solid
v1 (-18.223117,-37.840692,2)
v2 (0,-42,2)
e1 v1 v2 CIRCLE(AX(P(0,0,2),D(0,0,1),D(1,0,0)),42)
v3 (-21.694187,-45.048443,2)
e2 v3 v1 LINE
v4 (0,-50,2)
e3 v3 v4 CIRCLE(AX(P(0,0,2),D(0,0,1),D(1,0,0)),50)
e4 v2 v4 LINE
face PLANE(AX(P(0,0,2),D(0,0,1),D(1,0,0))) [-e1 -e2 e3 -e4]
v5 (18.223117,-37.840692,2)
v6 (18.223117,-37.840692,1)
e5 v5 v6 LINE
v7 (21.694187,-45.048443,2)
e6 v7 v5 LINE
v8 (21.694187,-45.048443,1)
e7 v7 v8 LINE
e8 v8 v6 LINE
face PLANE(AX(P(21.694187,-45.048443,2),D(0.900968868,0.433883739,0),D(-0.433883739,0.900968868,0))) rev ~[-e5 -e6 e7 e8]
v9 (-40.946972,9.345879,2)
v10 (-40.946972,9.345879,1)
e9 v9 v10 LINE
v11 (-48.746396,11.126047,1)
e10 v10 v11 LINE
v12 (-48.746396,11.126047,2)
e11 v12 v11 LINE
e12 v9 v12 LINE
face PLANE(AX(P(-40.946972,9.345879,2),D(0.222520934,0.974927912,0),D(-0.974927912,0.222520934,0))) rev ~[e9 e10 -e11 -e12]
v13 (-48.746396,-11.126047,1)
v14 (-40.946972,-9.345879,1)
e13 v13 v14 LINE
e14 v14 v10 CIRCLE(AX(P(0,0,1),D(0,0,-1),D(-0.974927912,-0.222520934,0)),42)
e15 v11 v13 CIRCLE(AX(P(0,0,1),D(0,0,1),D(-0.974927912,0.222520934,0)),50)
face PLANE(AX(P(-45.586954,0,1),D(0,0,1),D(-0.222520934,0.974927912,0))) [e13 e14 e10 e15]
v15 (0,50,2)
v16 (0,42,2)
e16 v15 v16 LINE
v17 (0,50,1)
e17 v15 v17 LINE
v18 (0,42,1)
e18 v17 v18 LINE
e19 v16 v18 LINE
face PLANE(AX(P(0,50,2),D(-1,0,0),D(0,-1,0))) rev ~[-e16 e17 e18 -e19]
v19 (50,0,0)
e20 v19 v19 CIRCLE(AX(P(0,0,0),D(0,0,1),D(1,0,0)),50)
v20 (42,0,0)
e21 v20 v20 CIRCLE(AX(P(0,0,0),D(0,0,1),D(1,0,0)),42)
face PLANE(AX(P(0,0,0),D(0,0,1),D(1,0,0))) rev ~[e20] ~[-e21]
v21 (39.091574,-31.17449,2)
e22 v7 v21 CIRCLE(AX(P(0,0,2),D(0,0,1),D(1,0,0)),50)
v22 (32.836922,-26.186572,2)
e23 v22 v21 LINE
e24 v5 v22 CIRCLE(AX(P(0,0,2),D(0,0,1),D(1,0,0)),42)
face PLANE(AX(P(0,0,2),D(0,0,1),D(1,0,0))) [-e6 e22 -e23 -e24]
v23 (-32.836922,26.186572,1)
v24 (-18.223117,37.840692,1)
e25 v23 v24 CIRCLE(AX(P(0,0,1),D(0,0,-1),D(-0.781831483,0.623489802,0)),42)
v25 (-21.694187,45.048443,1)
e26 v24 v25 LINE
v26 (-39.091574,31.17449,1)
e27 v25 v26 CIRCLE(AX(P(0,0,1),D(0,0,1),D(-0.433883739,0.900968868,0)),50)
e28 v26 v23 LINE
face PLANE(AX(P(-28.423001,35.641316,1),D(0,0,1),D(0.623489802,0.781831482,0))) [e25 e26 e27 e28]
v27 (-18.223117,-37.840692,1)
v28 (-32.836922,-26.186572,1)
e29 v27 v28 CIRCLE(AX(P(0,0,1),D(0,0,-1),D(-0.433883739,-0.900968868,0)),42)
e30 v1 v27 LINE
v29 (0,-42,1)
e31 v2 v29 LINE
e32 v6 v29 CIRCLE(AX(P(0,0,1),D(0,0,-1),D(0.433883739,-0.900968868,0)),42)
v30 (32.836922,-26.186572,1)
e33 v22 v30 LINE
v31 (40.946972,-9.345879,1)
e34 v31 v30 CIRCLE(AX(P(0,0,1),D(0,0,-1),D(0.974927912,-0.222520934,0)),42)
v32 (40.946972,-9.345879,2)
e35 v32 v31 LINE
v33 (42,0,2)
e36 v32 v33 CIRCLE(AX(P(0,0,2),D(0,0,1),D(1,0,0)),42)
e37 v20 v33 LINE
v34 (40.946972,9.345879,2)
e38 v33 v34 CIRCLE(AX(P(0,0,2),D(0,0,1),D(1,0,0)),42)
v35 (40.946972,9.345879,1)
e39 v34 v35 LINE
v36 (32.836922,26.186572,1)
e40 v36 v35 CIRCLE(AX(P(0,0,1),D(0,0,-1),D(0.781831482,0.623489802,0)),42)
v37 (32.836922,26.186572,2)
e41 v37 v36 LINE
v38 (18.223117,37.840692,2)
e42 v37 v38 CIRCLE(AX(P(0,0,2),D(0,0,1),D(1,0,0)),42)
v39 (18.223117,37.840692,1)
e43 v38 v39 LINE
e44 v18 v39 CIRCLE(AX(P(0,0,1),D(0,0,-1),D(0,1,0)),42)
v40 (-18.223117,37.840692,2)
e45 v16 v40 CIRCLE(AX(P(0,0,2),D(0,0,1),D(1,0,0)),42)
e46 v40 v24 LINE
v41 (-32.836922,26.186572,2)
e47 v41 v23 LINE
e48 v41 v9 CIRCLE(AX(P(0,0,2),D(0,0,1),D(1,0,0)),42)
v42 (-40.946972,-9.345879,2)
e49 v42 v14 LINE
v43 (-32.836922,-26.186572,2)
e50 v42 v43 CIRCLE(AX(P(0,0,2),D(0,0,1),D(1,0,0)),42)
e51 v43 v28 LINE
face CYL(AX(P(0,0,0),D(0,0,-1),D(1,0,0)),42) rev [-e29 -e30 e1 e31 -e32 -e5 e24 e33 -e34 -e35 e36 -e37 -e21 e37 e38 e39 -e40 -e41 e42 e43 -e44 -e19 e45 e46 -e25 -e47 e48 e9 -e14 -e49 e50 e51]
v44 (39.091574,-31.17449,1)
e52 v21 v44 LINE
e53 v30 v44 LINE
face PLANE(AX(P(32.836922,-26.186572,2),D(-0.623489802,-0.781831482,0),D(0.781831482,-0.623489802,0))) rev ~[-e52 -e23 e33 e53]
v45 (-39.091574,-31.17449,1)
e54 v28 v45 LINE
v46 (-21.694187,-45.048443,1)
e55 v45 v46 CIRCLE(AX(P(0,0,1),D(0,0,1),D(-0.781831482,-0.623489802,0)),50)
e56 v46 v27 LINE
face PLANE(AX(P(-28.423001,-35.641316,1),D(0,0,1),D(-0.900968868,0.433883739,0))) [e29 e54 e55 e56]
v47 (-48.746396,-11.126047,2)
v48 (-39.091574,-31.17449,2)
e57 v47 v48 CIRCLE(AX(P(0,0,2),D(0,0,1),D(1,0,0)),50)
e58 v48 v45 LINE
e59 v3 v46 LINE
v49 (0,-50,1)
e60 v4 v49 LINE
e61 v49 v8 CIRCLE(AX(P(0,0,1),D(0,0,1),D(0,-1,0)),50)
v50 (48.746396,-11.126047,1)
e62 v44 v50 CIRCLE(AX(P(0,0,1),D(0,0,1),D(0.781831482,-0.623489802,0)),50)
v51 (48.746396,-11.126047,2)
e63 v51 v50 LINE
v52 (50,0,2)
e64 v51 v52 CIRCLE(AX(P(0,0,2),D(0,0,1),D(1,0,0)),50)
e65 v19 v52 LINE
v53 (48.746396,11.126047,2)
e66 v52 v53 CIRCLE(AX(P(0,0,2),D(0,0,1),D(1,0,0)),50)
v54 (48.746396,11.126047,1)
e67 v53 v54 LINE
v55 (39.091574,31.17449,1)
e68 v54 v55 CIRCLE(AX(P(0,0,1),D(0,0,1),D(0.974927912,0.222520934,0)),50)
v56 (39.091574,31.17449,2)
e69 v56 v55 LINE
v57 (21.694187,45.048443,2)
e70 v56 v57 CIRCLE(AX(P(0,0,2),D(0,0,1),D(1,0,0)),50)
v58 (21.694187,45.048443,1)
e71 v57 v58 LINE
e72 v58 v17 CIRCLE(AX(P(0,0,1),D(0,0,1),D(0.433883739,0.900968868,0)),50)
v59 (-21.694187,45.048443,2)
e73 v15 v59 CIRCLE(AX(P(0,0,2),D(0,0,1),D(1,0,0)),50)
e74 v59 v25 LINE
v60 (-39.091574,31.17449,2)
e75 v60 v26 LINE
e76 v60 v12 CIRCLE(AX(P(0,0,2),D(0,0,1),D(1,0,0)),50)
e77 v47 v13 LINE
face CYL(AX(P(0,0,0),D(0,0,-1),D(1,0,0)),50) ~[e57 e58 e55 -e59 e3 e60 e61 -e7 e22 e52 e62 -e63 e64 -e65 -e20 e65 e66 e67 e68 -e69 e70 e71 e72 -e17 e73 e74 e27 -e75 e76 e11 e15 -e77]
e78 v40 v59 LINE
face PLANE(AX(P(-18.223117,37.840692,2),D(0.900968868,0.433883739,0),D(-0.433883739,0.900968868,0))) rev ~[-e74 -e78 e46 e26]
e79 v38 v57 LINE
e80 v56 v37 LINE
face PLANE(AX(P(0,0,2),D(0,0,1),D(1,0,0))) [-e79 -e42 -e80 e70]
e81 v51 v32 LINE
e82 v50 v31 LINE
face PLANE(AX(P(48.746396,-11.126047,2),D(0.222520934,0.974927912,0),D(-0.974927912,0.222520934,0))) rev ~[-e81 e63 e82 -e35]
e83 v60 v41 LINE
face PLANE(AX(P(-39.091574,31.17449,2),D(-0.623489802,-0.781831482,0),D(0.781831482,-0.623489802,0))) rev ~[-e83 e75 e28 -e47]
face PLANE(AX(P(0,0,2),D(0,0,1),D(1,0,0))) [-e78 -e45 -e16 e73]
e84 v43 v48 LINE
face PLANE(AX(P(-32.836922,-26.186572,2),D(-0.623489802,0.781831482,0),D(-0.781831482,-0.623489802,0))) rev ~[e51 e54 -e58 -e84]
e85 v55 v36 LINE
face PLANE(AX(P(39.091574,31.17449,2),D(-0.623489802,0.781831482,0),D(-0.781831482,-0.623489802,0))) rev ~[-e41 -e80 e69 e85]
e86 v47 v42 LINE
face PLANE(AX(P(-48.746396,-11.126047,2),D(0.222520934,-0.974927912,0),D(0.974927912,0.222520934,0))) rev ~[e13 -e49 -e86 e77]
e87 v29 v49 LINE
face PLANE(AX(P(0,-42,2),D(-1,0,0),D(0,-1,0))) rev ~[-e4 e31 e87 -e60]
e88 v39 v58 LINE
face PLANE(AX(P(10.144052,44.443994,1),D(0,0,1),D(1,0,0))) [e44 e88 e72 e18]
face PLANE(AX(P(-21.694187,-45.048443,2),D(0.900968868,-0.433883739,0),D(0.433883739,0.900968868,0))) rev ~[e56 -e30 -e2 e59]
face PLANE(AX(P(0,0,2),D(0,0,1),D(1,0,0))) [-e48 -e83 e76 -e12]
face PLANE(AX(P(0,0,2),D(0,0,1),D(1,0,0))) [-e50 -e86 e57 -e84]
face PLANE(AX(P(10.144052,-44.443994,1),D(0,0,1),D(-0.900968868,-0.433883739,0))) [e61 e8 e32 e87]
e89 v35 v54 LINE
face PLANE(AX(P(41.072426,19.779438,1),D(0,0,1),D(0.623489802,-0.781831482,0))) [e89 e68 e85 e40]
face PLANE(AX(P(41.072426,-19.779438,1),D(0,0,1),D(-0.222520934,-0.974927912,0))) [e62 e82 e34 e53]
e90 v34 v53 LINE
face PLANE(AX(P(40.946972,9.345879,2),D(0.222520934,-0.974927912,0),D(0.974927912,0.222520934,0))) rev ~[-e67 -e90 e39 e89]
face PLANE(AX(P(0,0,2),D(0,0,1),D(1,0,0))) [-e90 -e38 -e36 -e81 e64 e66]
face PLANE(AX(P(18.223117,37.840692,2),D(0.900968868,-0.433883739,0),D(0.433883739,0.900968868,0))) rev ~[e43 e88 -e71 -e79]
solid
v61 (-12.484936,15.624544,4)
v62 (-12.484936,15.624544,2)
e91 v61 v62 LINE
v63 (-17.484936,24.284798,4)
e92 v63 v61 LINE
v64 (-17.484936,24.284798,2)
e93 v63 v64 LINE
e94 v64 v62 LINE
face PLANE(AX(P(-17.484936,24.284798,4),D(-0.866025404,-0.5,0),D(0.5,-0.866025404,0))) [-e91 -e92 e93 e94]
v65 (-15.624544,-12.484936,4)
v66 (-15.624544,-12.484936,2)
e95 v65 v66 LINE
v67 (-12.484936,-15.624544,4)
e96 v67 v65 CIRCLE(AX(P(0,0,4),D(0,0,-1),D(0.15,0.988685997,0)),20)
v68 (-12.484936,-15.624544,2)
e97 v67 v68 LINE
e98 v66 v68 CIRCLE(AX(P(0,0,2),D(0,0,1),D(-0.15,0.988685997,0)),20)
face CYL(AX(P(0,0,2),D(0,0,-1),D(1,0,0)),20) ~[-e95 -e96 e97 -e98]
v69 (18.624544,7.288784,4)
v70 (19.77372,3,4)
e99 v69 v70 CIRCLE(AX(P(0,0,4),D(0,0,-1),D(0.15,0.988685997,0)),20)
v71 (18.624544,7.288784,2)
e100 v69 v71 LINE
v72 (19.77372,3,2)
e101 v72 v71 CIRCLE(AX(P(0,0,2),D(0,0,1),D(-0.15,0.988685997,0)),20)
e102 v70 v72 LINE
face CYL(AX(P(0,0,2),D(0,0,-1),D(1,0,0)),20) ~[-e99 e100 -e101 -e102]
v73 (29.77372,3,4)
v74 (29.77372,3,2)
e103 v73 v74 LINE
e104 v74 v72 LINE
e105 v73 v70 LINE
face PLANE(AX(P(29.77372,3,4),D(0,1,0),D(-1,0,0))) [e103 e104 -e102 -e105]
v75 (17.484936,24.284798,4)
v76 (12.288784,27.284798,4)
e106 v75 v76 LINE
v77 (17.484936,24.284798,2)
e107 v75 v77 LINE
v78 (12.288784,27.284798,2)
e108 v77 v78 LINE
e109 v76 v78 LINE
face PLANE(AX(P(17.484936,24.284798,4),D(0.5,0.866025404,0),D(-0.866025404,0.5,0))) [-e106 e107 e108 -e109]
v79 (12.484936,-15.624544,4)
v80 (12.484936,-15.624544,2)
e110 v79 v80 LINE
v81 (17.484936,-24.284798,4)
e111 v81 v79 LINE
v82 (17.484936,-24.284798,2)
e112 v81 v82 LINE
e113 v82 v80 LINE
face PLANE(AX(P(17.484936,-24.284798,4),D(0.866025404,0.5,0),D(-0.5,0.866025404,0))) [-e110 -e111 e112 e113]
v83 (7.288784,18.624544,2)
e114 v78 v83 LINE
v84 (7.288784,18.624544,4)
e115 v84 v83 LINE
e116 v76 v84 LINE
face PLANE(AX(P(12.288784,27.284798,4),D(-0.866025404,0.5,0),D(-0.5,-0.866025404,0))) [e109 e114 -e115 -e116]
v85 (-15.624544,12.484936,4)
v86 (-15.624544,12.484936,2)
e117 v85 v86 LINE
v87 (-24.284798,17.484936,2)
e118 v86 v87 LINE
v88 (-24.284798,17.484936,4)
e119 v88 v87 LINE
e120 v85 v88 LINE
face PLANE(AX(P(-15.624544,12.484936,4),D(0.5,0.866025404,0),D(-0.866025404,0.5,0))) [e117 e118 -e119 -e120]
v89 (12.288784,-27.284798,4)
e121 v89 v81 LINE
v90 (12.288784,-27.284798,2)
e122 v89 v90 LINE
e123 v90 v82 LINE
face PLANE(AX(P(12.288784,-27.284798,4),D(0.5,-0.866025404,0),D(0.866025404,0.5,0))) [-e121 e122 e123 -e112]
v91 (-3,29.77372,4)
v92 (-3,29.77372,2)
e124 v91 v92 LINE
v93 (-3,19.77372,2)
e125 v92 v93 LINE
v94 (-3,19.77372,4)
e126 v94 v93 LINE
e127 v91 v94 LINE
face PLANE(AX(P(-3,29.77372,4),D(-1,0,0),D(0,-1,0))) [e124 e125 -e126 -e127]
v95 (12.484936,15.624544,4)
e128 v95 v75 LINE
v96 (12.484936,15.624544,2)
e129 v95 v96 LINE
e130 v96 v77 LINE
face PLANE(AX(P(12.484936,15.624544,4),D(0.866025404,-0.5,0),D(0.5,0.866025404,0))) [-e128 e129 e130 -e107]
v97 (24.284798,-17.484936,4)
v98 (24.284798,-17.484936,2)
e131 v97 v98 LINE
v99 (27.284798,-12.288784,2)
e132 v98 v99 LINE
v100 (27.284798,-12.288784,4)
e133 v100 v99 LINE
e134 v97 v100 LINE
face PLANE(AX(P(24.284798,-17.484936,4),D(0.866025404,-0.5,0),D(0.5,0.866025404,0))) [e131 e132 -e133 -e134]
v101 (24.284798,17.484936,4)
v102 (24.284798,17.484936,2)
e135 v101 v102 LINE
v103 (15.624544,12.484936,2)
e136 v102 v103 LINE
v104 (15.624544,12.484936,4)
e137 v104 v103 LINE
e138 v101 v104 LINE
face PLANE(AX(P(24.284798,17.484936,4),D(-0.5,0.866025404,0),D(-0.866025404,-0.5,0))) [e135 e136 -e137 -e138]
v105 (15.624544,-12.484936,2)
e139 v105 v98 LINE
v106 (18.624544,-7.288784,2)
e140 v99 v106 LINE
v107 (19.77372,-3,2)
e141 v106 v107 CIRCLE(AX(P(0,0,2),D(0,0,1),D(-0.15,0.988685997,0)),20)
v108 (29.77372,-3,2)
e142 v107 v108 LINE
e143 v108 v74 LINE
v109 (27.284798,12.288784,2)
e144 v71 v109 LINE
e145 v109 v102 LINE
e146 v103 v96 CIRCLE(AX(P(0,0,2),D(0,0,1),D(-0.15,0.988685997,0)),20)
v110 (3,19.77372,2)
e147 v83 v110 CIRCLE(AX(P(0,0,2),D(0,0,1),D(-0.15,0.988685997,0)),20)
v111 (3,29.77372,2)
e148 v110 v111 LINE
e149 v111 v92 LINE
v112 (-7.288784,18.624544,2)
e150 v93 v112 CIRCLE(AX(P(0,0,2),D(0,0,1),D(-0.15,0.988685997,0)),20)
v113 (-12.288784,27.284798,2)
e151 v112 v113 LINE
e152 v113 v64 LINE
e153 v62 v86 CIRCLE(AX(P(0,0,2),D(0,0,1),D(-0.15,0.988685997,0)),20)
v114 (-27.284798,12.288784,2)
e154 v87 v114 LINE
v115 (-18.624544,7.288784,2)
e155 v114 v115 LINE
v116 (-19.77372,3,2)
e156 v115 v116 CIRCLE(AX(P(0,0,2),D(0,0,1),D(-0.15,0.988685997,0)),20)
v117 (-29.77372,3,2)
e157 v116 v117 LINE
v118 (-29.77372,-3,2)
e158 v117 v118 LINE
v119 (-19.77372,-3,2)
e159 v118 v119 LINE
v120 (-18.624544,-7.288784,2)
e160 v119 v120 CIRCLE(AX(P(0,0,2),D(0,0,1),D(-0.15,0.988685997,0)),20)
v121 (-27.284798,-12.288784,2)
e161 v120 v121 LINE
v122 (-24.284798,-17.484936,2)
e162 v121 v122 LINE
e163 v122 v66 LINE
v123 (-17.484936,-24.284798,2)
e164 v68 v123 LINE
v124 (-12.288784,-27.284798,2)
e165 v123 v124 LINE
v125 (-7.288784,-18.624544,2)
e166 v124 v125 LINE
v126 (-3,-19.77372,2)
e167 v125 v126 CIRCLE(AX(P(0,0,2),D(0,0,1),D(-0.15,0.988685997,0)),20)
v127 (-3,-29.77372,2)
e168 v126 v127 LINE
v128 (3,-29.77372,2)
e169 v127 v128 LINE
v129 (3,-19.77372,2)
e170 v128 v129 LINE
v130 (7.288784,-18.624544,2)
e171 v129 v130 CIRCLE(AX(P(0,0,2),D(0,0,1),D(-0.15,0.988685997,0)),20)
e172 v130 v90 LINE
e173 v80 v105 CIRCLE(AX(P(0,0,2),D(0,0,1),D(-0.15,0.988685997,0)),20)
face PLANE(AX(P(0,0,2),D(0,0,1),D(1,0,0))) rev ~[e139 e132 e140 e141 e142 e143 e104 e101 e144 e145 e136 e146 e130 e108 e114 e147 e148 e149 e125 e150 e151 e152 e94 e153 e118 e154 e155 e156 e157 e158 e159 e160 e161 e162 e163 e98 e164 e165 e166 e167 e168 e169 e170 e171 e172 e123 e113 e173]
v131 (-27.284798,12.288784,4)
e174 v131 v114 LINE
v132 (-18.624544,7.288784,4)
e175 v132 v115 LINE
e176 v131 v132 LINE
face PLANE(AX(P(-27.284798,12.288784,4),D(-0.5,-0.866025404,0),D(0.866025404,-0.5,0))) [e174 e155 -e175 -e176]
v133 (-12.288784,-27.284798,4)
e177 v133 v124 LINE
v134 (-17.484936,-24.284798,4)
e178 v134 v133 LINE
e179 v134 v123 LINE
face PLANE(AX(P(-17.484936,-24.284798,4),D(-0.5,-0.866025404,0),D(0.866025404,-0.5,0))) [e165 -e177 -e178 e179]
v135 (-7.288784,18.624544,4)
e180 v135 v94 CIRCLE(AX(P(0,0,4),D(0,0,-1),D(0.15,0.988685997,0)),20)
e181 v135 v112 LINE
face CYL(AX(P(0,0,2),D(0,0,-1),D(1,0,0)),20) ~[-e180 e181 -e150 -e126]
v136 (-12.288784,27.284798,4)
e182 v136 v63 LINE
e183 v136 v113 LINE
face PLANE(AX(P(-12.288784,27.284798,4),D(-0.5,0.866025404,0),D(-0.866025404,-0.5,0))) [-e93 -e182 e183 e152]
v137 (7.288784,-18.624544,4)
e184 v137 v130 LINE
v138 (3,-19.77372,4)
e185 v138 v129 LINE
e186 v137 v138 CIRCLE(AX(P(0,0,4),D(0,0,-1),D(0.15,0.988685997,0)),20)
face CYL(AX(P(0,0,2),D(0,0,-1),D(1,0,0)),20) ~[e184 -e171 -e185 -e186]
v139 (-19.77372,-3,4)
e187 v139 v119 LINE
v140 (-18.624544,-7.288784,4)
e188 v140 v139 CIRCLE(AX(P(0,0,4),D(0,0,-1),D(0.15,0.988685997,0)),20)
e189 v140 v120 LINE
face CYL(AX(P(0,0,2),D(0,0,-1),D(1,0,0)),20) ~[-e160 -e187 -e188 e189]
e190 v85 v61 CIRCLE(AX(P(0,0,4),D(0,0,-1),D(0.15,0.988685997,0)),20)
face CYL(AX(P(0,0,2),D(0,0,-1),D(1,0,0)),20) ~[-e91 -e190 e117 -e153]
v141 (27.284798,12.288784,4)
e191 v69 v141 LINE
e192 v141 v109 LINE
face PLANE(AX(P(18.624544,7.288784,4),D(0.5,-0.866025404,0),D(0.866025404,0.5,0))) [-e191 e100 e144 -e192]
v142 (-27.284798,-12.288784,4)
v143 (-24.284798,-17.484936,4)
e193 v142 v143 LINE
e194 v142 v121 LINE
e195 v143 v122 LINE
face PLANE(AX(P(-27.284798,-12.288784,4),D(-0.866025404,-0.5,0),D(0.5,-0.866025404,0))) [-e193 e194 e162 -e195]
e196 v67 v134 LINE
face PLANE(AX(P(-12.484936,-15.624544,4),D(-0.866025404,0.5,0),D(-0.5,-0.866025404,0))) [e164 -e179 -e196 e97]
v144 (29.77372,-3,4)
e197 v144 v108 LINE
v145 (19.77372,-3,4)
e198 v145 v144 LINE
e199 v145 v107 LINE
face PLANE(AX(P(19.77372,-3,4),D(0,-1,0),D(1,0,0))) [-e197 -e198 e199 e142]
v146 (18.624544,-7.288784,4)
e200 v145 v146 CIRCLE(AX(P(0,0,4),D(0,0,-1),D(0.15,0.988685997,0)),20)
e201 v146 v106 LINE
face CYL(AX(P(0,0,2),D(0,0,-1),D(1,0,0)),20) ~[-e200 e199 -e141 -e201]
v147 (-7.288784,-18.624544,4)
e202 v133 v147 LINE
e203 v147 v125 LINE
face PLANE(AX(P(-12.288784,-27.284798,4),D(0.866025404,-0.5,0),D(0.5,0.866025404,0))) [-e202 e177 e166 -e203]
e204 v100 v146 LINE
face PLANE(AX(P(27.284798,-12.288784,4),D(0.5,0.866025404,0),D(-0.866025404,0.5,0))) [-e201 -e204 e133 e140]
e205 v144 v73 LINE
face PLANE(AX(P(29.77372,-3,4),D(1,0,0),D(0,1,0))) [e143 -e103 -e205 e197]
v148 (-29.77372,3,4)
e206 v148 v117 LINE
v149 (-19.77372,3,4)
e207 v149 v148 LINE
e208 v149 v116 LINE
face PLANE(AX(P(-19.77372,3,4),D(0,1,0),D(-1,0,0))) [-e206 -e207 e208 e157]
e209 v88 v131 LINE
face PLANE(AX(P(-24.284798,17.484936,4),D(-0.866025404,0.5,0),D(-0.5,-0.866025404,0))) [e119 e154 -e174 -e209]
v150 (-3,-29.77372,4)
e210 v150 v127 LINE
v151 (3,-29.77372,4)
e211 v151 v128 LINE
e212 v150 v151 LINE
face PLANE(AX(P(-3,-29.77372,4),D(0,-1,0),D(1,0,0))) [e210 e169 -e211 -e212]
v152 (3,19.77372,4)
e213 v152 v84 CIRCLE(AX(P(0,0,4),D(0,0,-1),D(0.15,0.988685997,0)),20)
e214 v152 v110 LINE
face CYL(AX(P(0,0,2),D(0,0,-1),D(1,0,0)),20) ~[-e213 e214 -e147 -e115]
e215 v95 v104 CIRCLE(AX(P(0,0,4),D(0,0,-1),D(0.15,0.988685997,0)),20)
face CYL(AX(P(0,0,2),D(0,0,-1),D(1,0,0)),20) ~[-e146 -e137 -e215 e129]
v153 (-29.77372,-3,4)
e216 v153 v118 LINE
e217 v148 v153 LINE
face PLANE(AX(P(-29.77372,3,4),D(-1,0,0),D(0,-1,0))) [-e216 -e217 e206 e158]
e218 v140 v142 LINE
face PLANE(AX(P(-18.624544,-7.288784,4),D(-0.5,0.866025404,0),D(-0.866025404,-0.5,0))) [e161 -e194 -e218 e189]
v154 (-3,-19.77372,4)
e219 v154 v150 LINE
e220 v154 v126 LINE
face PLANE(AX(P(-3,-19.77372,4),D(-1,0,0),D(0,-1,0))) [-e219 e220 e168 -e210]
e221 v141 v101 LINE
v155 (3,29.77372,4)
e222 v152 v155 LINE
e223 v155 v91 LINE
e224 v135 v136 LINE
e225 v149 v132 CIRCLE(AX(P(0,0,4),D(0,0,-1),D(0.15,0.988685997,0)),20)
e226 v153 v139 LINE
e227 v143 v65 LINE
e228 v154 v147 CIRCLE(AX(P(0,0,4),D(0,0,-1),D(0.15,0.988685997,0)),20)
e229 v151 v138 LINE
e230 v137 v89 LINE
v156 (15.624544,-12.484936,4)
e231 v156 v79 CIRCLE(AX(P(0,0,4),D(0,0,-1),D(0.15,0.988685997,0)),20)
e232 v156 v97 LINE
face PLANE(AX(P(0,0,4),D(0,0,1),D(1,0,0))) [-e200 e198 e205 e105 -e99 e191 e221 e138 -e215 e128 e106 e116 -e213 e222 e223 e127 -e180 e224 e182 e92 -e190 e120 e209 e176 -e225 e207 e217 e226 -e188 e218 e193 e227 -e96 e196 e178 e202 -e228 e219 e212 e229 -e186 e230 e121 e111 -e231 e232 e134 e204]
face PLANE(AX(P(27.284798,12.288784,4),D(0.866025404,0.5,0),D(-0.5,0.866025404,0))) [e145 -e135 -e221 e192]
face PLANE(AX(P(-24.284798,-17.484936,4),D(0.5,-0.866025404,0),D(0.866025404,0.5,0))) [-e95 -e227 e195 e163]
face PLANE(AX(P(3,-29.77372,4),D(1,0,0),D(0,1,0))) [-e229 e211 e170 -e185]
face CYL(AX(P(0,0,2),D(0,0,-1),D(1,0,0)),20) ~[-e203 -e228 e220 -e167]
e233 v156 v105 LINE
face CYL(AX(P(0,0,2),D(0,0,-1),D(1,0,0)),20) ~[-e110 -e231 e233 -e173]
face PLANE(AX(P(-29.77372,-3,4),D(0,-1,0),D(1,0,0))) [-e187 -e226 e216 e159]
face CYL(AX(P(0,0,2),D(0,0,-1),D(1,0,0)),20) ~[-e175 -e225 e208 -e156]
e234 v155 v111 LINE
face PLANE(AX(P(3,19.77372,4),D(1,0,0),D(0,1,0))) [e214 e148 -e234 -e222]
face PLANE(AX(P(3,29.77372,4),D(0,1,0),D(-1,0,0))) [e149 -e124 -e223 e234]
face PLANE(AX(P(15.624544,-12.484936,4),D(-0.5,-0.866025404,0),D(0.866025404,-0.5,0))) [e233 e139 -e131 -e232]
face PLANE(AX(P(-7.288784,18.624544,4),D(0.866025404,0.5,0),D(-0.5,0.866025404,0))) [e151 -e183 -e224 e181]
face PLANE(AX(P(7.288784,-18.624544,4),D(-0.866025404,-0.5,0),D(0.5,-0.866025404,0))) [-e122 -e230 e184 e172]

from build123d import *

# Parameters (mm, degrees)
SKETCH_1_R               = 50
SKETCH_1_R_2             = 42
EXTRUDE_1_DEPTH          = 2
CUT_EXTRUDE_1_DEPTH      = 1
PATTERN_CIRCULAR_1_COUNT = 7
SKETCH_3_R               = 20
EXTRUDE_2_DEPTH          = 2
EXTRUDE_3_DEPTH          = 2
PATTERN_CIRCULAR_2_COUNT = 12


with BuildPart() as part:
    # ｽｹｯﾁ1 → ﾎﾞｽ - 押し出し1 (new body)
    with BuildSketch(Plane.XY):
        Circle(SKETCH_1_R)
        Circle(SKETCH_1_R_2, mode=Mode.SUBTRACT)
    extrude(amount=EXTRUDE_1_DEPTH)

    # ｽｹｯﾁ2 → ｶｯﾄ - 押し出し1 (cut)
    with BuildSketch(Plane.XY.offset(2)):
        with BuildLine():
            Line((0, 50), (0, 42))
            ThreePointArc((0, 42), (9.345879226, 40.946972312), (18.223117043, 37.840692452))
            Line((18.223117043, 37.840692452), (21.694186956, 45.048443395))
            ThreePointArc((21.694186956, 45.048443395), (11.126046698, 48.746395609), (0, 50))
        make_face()
    cut_extrude_1 = extrude(amount=-CUT_EXTRUDE_1_DEPTH, mode=Mode.SUBTRACT)

    # 円形ﾊﾟﾀｰﾝ1: ｶｯﾄ - 押し出し1 ×7 about axis
    pattern_circular_1_axis = Axis((0, 0, 0), (0, 0, 1))
    for i in range(1, PATTERN_CIRCULAR_1_COUNT):
        add(cut_extrude_1.rotate(pattern_circular_1_axis, i * 360 / PATTERN_CIRCULAR_1_COUNT), mode=Mode.SUBTRACT)


with BuildPart() as body_2:
    # ｽｹｯﾁ3 → ﾎﾞｽ - 押し出し2 (new body)
    with BuildSketch(Plane.XY.offset(2)):
        Circle(SKETCH_3_R)
    extrude(amount=EXTRUDE_2_DEPTH)

    # ｽｹｯﾁ4 → ﾎﾞｽ - 押し出し3 (add)
    with BuildSketch(Plane.XY.offset(4)):
        with BuildLine():
            Line((3, 29.773719933), (-3, 29.773719933))
            Line((-3, 29.773719933), (-3, 19.773719933))
            ThreePointArc((-3, 19.773719933), (0, 20), (3, 19.773719933))
            Line((3, 19.773719933), (3, 29.773719933))
        make_face()
    extrude_3 = extrude(amount=-EXTRUDE_3_DEPTH)

    # 円形ﾊﾟﾀｰﾝ2: ﾎﾞｽ - 押し出し3 ×12 about axis
    pattern_circular_2_axis = Axis((0, 0, 0), (0, 0, 1))
    for i in range(1, PATTERN_CIRCULAR_2_COUNT):
        add(extrude_3.rotate(pattern_circular_2_axis, i * 360 / PATTERN_CIRCULAR_2_COUNT))


solid = Compound([part.part, body_2.part])
